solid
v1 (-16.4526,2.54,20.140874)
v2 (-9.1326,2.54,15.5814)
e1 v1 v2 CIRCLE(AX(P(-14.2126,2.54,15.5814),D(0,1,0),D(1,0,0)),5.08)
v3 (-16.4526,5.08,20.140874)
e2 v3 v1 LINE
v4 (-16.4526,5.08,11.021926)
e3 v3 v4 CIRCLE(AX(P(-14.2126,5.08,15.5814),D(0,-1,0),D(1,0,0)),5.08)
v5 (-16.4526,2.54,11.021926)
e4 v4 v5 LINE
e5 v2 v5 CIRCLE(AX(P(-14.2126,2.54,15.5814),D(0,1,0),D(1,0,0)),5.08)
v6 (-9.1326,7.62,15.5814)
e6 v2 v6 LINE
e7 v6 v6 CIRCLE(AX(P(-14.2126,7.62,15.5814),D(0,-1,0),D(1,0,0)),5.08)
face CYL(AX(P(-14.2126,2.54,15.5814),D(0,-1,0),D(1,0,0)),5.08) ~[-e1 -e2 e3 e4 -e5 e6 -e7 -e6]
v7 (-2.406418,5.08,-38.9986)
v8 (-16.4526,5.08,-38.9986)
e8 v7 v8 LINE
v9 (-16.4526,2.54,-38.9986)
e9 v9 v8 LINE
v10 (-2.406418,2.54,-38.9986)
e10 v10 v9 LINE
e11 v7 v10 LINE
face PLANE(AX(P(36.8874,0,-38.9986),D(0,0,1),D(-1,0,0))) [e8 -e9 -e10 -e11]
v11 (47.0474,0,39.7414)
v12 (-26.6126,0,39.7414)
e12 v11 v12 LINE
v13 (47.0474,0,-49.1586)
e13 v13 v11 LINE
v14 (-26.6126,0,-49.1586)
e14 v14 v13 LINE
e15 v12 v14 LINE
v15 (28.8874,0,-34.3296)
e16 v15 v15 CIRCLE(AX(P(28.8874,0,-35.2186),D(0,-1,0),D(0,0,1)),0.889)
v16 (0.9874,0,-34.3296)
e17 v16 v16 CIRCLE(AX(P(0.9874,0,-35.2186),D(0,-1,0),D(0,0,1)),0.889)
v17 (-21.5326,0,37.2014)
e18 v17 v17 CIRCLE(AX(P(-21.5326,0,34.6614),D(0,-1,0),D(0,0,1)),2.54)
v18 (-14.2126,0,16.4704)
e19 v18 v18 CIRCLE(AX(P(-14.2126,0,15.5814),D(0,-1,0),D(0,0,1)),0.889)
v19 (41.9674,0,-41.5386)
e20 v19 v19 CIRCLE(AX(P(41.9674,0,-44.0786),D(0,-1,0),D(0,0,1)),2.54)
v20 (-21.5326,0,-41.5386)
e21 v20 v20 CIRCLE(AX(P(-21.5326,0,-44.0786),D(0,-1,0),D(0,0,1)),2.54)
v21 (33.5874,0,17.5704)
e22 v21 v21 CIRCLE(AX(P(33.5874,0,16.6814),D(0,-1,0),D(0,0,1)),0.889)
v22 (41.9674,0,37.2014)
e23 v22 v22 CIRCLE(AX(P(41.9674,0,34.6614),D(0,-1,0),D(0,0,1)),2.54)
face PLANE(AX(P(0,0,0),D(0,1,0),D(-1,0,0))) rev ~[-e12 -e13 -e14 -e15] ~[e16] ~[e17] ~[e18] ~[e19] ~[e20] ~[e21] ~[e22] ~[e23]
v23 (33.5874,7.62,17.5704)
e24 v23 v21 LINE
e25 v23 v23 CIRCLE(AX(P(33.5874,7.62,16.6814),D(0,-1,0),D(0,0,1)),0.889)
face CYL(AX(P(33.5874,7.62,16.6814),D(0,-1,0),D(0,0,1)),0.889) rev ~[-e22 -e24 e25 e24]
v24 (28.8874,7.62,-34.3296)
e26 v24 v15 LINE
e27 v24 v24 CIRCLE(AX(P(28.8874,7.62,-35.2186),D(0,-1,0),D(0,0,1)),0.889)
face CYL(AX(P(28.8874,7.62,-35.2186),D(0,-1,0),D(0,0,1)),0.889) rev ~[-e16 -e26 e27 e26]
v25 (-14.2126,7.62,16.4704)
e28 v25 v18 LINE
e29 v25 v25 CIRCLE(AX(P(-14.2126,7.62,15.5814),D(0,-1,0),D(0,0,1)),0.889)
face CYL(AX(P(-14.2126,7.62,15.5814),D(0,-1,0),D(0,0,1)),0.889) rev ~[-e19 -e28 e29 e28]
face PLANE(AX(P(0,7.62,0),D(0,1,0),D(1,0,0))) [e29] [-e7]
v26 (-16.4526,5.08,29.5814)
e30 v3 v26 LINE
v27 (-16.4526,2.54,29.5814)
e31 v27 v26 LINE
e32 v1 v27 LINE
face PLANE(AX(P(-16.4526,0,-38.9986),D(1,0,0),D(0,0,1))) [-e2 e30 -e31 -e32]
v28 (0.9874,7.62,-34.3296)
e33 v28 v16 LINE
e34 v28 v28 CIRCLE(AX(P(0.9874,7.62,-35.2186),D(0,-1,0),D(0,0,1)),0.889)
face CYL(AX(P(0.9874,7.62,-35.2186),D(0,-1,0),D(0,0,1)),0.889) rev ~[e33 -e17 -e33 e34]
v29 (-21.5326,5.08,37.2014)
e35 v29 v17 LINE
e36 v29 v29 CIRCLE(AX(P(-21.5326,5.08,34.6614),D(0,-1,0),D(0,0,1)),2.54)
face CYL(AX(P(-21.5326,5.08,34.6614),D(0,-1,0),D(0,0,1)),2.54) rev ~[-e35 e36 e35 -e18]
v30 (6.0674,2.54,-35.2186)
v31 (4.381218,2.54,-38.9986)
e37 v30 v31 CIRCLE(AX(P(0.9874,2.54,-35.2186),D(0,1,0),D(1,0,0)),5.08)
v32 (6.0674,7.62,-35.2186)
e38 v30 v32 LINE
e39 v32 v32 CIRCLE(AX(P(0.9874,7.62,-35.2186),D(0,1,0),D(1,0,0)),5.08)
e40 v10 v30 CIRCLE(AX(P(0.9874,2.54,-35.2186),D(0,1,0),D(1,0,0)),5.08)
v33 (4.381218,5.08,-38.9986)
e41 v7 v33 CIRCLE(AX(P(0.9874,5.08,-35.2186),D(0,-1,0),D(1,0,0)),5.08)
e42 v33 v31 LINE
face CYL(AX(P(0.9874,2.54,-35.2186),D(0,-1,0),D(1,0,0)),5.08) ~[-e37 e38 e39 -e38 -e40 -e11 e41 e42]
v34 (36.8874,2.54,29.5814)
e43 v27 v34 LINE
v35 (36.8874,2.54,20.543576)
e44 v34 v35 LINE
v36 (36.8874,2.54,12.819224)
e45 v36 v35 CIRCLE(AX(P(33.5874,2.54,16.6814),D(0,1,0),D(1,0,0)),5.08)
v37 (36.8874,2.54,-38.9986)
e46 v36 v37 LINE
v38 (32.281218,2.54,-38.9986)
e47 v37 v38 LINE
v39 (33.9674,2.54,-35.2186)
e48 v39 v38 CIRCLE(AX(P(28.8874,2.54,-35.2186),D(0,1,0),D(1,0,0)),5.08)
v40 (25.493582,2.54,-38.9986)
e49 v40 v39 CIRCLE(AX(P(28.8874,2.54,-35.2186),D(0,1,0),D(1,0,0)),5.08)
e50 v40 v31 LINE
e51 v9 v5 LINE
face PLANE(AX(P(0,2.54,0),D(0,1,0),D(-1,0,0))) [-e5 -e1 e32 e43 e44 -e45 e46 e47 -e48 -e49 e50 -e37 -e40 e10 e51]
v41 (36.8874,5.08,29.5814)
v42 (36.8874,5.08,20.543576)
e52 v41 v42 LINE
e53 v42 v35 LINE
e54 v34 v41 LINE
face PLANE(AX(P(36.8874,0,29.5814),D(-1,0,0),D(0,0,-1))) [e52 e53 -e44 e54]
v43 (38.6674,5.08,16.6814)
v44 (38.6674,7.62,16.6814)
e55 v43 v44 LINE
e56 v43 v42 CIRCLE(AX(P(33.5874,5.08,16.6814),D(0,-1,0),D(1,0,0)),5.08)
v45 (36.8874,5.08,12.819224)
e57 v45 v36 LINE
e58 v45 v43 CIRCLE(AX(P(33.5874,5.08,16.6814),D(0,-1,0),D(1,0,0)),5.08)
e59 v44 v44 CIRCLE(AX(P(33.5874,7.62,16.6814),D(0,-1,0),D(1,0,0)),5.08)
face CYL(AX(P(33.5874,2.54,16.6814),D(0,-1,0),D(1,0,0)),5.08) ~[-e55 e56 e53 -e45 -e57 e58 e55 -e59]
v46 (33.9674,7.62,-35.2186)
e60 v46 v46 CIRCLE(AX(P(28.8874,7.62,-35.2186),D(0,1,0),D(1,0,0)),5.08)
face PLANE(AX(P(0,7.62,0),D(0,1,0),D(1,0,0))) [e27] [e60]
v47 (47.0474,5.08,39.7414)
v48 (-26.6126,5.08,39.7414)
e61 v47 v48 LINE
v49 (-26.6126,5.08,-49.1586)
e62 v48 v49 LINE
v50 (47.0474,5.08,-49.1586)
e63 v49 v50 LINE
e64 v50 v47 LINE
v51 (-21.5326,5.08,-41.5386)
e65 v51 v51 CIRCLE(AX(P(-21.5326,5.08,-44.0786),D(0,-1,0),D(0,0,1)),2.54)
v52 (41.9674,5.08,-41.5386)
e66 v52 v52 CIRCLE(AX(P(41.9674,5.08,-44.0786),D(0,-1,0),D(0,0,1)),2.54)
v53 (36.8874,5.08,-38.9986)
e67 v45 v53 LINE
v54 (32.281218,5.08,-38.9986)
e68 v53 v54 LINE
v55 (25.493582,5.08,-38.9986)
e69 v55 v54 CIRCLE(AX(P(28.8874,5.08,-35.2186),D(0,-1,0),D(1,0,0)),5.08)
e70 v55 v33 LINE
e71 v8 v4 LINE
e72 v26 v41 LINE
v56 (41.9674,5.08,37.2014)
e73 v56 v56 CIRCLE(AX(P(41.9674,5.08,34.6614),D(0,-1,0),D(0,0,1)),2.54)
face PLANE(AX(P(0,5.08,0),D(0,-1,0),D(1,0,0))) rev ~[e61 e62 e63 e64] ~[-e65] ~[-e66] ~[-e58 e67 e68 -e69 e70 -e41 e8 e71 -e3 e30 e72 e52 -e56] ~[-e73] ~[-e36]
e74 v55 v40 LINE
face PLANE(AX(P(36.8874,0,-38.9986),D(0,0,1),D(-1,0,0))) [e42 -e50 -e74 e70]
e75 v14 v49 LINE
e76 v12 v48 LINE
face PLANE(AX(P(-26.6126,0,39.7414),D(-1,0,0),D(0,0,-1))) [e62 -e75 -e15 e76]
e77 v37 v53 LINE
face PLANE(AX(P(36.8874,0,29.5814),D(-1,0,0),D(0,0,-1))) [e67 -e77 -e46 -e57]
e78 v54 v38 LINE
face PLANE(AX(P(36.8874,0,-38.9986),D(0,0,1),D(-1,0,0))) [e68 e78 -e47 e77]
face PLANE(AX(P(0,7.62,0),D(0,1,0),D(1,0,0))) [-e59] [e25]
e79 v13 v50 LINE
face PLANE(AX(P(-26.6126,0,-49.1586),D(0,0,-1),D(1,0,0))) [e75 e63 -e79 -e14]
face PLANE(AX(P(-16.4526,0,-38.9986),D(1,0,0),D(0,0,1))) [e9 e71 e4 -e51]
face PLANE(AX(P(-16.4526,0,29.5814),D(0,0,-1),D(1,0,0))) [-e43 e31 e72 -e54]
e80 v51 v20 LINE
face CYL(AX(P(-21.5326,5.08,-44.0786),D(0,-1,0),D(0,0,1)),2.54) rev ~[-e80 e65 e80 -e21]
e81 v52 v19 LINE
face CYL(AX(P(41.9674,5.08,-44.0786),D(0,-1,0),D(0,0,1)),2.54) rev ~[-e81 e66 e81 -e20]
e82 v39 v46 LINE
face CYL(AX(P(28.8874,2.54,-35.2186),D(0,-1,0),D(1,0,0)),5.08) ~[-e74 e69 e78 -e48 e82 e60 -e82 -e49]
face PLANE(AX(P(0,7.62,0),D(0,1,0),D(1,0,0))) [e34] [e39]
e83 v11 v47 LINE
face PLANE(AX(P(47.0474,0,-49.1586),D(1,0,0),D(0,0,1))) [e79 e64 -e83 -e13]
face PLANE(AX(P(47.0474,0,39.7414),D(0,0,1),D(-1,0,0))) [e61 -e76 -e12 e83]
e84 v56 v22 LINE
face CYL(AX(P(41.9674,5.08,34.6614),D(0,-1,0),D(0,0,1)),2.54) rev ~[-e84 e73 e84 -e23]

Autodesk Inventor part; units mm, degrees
ref_plane "YZ Plane" through (0, 0, 0) normal (1, 0, 0) x (0, 1, 0)
ref_plane "XZ Plane" through (0, 0, 0) normal (0, 1, 0) x (-1, 0, 0)
ref_plane "XY Plane" through (0, 0, 0) normal (0, 0, 1) x (1, 0, 0)
sketch "Sketch1" plane through (0, 0, 0) normal (0, 1, 0) x (-1, 0, 0)
  line L0 (16.4526, 29.5814) -> (-36.8874, 29.5814)
  line L1 (-36.8874, 29.5814) -> (-36.8874, -38.9986)
  line L2 (-36.8874, -38.9986) -> (16.4526, -38.9986)
  line L3 (16.4526, -38.9986) -> (16.4526, 29.5814)
  point P0 (0, 0)
  dimension "d0" = 68.58
  dimension "d1" = 53.34
extrude "Extrusion1" add sketch "Sketch1" along normal blind 2.54
sketch "Sketch2" plane through (0, 0, 0) normal (0, -1, 0) x (1, 0, 0)
  line L0 (-26.6126, -49.1586) -> (47.0474, -49.1586)
  line L1 (47.0474, -49.1586) -> (47.0474, 39.7414)
  line L2 (47.0474, 39.7414) -> (-26.6126, 39.7414)
  line L3 (-26.6126, 39.7414) -> (-26.6126, -49.1586)
  line L4 (-16.4526, -38.9986) -> (-16.4526, 29.5814) projected
  line L5 (36.8874, 29.5814) -> (36.8874, -38.9986) projected
  line L6 (-16.4526, 29.5814) -> (36.8874, 29.5814) projected
  line L7 (36.8874, -38.9986) -> (-16.4526, -38.9986) projected
  point P0 (0, 0)
  dimension "d4" = 10.16
  dimension "d5" = 10.16
  dimension "d6" = 10.16
  dimension "d7" = 10.16
extrude "Extrusion2" add sketch "Sketch2" against normal blind 5.08
sketch "Sketch3" plane through (0, 5.08, 0) normal (0, 1, 0) x (1, 0, 0)
  line L0 (-26.6126, -39.7414) -> (47.0474, -39.7414) projected
  line L1 (-26.6126, 49.1586) -> (-26.6126, -39.7414) projected
  line L2 (47.0474, 49.1586) -> (-26.6126, 49.1586) projected
  line L3 (47.0474, -39.7414) -> (47.0474, 49.1586) projected
  point P0 (0, 0)
  point P1 (-21.5326, -34.6614)
  point P2 (41.9674, -34.6614)
  point P3 (41.9674, 44.0786)
  point P4 (-21.5326, 44.0786)
  dimension "d10" = 5.08
  dimension "d11" = 5.08
  dimension "d12" = 0
  dimension "d13" = 5.08
  dimension "d14" = 0
  dimension "d15" = 0
  dimension "d16" = 5.08
  dimension "d17" = 0
hole "Hole1" at (-21.5326, 5.08, 34.6614) at (41.9674, 5.08, 34.6614) at (41.9674, 5.08, -44.0786) at (-21.5326, 5.08, -44.0786) direction (0, -1, 0) diameter 5.08 depth 25.4 tip angle 118
sketch "Sketch4" plane through (0, 2.54, 0) normal (0, 1, 0) x (1, 0, 0)
  circle A0 centre (-14.2126, -15.5814) radius 5.08
  circle A1 centre (33.5874, -16.6814) radius 5.08
  circle A2 centre (28.8874, 35.2186) radius 5.08
  circle A3 centre (0.9874, 35.2186) radius 5.08
  line L0 (36.8874, 38.9986) -> (36.8874, -29.5814) projected
  line L1 (-26.6126, -39.7414) -> (47.0474, -39.7414) projected
  line L2 (36.8874, -29.5814) -> (-16.4526, -29.5814) projected
  line L3 (-16.4526, -29.5814) -> (-16.4526, 38.9986) projected
  point P0 (0, 0)
  dimension "d25" = 10.16
  dimension "d26" = 10.16
  dimension "d27" = 10.16
  dimension "d28" = 10.16
  dimension "d36" = 27.9
  dimension "d41" = 51.9
  dimension "d42" = 50.8
  dimension "d43" = 15.2
  dimension "d44" = 0
  dimension "d45" = 3.3
  dimension "d46" = 4.7
  dimension "d47" = 14
extrude "Extrusion3" add sketch "Sketch4" along normal blind 5.08
sketch "Sketch5" plane through (0.9874, 7.62, -35.2186) normal (0, 1, 0) x (1, 0, 0)
  point P0 (-0.9874, -35.2186)
  point P1 (0, 0)
hole "Hole2" at (0.9874, 7.62, -35.2186) direction (0, -1, 0) diameter 1.778 depth 25.4 tip angle 118
sketch "Sketch6" plane through (28.8874, 7.62, -35.2186) normal (0, 1, 0) x (1, 0, 0)
  point P0 (-28.8874, -35.2186)
  point P1 (0, 0)
hole "Hole3" at (28.8874, 7.62, -35.2186) direction (0, -1, 0) diameter 1.778 depth 25.4 tip angle 118
sketch "Sketch7" plane through (33.5874, 7.62, 16.6814) normal (0, 1, 0) x (1, 0, 0)
  point P0 (-33.5874, 16.6814)
  point P1 (0, 0)
hole "Hole4" at (33.5874, 7.62, 16.6814) direction (0, -1, 0) diameter 1.778 depth 25.4 tip angle 118
sketch "Sketch8" plane through (-14.2126, 7.62, 15.5814) normal (0, 1, 0) x (1, 0, 0)
  point P0 (14.2126, 15.5814)
  point P1 (0, 0)
hole "Hole5" at (-14.2126, 7.62, 15.5814) direction (0, -1, 0) diameter 1.778 depth 25.4 tip angle 118
properties part number "ArduinoMount"
